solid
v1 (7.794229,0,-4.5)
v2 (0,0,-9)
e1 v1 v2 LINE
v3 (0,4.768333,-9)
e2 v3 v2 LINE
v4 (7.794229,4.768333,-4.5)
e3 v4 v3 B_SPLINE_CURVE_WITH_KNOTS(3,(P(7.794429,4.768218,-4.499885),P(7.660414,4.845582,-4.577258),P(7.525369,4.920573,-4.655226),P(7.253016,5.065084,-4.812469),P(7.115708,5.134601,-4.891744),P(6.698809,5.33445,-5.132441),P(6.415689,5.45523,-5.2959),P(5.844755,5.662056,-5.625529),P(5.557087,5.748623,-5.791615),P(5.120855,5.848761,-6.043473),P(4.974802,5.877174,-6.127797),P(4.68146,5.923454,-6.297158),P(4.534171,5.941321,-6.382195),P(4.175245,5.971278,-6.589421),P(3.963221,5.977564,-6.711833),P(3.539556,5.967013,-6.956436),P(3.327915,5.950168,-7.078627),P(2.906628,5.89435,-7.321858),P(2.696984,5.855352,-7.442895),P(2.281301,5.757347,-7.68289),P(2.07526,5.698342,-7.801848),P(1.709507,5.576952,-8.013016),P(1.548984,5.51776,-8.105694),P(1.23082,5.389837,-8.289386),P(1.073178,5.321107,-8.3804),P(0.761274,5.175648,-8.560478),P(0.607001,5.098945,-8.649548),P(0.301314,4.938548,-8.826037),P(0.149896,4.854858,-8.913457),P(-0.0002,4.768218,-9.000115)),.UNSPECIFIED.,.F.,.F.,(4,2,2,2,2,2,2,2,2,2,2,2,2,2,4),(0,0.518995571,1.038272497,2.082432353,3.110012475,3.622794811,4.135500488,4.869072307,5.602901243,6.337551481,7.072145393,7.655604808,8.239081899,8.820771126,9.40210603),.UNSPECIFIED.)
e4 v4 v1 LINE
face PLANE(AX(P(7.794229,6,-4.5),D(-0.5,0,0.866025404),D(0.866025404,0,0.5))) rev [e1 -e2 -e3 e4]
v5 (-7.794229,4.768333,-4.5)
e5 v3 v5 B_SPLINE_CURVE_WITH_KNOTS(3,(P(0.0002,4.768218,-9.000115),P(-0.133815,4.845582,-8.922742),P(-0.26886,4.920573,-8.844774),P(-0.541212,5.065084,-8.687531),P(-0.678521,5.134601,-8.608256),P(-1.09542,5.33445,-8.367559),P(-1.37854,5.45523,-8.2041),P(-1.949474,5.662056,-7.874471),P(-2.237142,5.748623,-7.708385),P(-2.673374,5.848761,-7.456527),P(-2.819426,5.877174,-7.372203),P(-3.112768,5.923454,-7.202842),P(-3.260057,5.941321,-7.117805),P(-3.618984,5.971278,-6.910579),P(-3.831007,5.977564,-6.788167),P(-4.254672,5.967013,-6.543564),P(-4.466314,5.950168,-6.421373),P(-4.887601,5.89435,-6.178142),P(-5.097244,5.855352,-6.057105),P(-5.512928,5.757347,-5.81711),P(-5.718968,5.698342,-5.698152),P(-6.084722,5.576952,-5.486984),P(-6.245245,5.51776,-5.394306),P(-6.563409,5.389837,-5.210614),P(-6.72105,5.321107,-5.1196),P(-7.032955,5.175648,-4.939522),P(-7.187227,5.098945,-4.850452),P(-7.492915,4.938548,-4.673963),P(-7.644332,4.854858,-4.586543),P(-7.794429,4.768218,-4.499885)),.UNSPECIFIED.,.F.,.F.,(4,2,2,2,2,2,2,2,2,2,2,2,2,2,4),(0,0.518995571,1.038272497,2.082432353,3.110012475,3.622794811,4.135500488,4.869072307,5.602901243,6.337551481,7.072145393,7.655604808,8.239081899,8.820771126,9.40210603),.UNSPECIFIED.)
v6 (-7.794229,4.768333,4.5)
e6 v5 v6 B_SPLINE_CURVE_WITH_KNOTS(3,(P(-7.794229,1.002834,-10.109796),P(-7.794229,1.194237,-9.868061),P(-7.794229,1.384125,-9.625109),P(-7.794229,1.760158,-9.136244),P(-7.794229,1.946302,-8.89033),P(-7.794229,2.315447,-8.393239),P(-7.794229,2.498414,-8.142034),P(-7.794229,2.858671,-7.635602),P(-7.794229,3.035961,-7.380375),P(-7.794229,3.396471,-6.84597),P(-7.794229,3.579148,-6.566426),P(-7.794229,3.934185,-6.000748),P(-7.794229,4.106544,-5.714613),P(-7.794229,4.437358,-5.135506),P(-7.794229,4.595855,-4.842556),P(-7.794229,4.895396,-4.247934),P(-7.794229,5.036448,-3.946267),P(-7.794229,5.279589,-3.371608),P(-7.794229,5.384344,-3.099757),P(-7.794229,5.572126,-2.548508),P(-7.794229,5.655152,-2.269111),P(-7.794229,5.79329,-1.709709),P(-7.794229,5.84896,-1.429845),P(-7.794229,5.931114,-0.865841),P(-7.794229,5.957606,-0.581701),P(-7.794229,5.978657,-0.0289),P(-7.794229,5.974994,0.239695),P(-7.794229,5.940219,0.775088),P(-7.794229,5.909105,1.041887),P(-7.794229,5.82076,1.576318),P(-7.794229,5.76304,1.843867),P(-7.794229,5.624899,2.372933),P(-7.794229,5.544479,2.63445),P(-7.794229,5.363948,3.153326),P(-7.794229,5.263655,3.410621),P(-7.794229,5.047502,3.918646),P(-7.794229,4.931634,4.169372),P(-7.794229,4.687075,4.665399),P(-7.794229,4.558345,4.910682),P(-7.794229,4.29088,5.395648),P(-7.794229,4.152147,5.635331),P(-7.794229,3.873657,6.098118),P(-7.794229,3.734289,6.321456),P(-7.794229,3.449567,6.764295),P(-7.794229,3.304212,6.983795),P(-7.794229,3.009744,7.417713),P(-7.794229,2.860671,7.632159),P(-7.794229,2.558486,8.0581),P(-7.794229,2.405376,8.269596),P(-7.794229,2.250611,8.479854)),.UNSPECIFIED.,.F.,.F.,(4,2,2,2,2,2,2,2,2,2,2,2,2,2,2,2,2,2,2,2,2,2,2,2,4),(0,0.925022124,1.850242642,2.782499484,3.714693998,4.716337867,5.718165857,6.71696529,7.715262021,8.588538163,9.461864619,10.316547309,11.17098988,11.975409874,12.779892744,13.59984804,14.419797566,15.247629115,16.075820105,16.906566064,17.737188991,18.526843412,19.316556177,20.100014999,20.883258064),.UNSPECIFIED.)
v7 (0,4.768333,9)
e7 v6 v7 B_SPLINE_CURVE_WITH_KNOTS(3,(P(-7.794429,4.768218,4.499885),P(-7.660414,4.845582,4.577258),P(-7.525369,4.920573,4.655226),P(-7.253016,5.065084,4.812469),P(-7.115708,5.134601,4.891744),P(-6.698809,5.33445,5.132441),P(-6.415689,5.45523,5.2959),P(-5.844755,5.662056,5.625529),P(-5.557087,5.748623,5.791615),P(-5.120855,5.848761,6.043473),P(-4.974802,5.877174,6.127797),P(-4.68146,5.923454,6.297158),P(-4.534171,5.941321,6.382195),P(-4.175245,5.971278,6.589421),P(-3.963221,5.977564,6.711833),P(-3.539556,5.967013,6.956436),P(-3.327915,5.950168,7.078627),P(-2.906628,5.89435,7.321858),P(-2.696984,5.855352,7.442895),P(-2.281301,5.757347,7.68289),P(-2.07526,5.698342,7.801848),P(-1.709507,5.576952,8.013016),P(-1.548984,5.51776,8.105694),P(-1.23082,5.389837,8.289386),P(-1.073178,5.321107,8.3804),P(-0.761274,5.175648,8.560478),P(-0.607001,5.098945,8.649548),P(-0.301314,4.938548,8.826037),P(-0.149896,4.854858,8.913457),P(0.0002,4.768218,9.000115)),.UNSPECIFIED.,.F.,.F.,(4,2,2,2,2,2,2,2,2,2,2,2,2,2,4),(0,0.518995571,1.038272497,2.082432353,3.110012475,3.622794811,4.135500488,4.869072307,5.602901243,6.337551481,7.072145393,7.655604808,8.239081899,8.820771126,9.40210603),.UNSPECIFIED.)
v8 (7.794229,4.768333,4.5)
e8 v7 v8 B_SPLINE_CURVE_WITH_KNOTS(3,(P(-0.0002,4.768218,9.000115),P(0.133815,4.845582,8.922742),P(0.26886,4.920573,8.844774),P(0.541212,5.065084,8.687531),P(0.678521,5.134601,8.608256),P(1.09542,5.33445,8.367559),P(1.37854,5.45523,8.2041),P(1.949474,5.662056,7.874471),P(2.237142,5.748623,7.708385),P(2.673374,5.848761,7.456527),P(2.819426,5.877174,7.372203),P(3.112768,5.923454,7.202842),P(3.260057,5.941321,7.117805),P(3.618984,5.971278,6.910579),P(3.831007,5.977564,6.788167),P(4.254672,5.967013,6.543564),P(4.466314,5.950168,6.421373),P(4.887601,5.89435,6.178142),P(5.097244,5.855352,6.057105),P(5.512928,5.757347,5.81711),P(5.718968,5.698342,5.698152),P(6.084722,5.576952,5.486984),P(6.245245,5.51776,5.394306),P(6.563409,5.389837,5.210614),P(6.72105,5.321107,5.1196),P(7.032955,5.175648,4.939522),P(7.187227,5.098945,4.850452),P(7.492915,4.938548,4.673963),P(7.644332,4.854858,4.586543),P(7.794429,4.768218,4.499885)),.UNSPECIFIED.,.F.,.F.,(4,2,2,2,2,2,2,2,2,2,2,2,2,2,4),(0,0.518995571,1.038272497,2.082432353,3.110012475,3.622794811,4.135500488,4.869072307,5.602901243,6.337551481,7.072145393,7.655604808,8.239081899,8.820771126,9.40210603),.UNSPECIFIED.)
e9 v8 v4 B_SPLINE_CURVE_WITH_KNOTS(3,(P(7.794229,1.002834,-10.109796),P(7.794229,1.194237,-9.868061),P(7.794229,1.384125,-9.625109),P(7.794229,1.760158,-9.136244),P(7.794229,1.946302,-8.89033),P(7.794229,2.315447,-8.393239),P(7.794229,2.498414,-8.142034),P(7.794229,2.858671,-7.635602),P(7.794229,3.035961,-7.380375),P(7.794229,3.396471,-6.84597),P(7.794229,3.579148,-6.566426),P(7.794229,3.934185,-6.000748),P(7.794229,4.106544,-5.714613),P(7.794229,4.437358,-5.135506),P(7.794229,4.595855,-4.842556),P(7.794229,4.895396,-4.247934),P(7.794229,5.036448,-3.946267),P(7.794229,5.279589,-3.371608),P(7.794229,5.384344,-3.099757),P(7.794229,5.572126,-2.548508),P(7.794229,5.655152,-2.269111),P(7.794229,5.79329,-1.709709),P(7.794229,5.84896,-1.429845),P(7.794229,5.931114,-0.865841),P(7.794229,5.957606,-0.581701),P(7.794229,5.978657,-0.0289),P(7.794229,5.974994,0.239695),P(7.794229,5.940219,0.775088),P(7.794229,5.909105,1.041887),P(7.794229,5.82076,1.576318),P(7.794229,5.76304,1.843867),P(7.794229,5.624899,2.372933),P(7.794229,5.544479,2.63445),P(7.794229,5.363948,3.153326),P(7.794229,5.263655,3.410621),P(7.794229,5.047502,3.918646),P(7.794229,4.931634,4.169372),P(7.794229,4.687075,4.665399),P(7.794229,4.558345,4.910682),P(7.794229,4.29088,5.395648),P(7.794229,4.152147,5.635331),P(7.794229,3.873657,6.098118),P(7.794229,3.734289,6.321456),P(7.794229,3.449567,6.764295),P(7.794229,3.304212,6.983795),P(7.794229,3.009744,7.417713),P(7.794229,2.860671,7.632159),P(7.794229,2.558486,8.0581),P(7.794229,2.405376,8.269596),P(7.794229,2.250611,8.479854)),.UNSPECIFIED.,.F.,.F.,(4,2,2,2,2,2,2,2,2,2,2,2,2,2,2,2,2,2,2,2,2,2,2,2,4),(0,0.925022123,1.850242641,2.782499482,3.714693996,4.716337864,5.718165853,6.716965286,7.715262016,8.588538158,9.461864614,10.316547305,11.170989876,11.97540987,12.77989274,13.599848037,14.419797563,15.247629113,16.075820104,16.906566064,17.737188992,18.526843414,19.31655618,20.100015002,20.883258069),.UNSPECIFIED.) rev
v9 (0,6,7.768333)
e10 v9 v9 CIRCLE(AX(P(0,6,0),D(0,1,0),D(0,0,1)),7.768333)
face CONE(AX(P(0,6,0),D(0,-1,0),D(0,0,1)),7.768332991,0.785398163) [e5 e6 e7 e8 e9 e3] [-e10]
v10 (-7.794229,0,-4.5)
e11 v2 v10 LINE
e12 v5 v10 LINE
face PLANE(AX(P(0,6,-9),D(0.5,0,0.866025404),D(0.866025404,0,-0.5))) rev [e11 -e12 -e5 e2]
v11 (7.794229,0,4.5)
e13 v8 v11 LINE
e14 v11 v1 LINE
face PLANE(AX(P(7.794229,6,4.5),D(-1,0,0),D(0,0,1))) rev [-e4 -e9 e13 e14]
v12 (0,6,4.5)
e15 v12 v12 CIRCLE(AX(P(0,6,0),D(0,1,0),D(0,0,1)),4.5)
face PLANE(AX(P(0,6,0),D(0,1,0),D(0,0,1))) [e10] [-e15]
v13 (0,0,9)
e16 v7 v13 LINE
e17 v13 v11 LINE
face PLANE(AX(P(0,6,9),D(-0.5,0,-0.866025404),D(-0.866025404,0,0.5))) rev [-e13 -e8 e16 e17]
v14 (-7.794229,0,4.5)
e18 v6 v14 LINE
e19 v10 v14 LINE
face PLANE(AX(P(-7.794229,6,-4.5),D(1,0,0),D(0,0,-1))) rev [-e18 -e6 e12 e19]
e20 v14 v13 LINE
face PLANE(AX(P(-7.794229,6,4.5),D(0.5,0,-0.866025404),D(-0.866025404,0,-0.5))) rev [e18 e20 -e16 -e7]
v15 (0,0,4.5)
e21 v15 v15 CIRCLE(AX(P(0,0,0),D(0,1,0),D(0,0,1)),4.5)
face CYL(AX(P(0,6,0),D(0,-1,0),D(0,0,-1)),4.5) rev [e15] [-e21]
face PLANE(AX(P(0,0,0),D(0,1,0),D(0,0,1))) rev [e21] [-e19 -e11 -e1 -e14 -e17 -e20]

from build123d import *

# Parameters (mm, degrees)
SKETCH3_R           = 4.5
BOSS_EXTRUDE2_DEPTH = 6
SKETCH4_OUTSIDE_W   = 42.5
SKETCH4_OUTSIDE_H   = 44.912
SKETCH4_OUTSIDE_R   = 7.768332991
CUT_EXTRUDE1_DEPTH  = 10
CUT_EXTRUDE1_DRAFT  = -45


with BuildPart() as part:
    # Sketch3 → Boss-Extrude2 (new body)
    with BuildSketch(Plane(origin=(0, 0, 0), x_dir=(1, 0, 0), z_dir=(0, 1, 0))):
        Polygon((0, -9), (7.794228634, -4.5), (7.794228634, 4.5), (0, 9), (-7.794228634, 4.5), (-7.794228634, -4.5), align=None)
        with Locations(Location((0, 0, 0), (0, 0, 270))):  # turned: the seam where the file's is
            Circle(SKETCH3_R, mode=Mode.SUBTRACT)
    extrude(amount=BOSS_EXTRUDE2_DEPTH)


with BuildPart() as cut_extrude1_tool:
    # Sketch4 outside → Cut-Extrude1 (with draft: the straight prism first)
    with BuildSketch(Plane(origin=(0, 6, 0), x_dir=(1, 0, 0), z_dir=(0, 1, 0))):
        Rectangle(SKETCH4_OUTSIDE_W, SKETCH4_OUTSIDE_H)
        Circle(SKETCH4_OUTSIDE_R, mode=Mode.SUBTRACT)
    extrude(amount=-CUT_EXTRUDE1_DEPTH)
    # Cut-Extrude1: the draft: its side faces are tilted about the plane it starts from
    cut_extrude1_sides = [cut_extrude1_tool.faces().sort_by_distance(p)[0] for p in [
        (0, 1, 22.456),
        (21.25, 1, 0),
        (0, 1, -22.456),
        (-21.25, 1, 0),
        (-7.768332991, 1, 0),
    ]]
    draft(cut_extrude1_sides, Plane(origin=(0, 6, 0), x_dir=(1, 0, 0), z_dir=(0, 1, 0)), CUT_EXTRUDE1_DRAFT)


with BuildPart() as part_1:
    add(part.part)

    # Cut-Extrude1: cut by cut_extrude1_tool
    add(cut_extrude1_tool.part, mode=Mode.SUBTRACT)


solid = part_1.part
